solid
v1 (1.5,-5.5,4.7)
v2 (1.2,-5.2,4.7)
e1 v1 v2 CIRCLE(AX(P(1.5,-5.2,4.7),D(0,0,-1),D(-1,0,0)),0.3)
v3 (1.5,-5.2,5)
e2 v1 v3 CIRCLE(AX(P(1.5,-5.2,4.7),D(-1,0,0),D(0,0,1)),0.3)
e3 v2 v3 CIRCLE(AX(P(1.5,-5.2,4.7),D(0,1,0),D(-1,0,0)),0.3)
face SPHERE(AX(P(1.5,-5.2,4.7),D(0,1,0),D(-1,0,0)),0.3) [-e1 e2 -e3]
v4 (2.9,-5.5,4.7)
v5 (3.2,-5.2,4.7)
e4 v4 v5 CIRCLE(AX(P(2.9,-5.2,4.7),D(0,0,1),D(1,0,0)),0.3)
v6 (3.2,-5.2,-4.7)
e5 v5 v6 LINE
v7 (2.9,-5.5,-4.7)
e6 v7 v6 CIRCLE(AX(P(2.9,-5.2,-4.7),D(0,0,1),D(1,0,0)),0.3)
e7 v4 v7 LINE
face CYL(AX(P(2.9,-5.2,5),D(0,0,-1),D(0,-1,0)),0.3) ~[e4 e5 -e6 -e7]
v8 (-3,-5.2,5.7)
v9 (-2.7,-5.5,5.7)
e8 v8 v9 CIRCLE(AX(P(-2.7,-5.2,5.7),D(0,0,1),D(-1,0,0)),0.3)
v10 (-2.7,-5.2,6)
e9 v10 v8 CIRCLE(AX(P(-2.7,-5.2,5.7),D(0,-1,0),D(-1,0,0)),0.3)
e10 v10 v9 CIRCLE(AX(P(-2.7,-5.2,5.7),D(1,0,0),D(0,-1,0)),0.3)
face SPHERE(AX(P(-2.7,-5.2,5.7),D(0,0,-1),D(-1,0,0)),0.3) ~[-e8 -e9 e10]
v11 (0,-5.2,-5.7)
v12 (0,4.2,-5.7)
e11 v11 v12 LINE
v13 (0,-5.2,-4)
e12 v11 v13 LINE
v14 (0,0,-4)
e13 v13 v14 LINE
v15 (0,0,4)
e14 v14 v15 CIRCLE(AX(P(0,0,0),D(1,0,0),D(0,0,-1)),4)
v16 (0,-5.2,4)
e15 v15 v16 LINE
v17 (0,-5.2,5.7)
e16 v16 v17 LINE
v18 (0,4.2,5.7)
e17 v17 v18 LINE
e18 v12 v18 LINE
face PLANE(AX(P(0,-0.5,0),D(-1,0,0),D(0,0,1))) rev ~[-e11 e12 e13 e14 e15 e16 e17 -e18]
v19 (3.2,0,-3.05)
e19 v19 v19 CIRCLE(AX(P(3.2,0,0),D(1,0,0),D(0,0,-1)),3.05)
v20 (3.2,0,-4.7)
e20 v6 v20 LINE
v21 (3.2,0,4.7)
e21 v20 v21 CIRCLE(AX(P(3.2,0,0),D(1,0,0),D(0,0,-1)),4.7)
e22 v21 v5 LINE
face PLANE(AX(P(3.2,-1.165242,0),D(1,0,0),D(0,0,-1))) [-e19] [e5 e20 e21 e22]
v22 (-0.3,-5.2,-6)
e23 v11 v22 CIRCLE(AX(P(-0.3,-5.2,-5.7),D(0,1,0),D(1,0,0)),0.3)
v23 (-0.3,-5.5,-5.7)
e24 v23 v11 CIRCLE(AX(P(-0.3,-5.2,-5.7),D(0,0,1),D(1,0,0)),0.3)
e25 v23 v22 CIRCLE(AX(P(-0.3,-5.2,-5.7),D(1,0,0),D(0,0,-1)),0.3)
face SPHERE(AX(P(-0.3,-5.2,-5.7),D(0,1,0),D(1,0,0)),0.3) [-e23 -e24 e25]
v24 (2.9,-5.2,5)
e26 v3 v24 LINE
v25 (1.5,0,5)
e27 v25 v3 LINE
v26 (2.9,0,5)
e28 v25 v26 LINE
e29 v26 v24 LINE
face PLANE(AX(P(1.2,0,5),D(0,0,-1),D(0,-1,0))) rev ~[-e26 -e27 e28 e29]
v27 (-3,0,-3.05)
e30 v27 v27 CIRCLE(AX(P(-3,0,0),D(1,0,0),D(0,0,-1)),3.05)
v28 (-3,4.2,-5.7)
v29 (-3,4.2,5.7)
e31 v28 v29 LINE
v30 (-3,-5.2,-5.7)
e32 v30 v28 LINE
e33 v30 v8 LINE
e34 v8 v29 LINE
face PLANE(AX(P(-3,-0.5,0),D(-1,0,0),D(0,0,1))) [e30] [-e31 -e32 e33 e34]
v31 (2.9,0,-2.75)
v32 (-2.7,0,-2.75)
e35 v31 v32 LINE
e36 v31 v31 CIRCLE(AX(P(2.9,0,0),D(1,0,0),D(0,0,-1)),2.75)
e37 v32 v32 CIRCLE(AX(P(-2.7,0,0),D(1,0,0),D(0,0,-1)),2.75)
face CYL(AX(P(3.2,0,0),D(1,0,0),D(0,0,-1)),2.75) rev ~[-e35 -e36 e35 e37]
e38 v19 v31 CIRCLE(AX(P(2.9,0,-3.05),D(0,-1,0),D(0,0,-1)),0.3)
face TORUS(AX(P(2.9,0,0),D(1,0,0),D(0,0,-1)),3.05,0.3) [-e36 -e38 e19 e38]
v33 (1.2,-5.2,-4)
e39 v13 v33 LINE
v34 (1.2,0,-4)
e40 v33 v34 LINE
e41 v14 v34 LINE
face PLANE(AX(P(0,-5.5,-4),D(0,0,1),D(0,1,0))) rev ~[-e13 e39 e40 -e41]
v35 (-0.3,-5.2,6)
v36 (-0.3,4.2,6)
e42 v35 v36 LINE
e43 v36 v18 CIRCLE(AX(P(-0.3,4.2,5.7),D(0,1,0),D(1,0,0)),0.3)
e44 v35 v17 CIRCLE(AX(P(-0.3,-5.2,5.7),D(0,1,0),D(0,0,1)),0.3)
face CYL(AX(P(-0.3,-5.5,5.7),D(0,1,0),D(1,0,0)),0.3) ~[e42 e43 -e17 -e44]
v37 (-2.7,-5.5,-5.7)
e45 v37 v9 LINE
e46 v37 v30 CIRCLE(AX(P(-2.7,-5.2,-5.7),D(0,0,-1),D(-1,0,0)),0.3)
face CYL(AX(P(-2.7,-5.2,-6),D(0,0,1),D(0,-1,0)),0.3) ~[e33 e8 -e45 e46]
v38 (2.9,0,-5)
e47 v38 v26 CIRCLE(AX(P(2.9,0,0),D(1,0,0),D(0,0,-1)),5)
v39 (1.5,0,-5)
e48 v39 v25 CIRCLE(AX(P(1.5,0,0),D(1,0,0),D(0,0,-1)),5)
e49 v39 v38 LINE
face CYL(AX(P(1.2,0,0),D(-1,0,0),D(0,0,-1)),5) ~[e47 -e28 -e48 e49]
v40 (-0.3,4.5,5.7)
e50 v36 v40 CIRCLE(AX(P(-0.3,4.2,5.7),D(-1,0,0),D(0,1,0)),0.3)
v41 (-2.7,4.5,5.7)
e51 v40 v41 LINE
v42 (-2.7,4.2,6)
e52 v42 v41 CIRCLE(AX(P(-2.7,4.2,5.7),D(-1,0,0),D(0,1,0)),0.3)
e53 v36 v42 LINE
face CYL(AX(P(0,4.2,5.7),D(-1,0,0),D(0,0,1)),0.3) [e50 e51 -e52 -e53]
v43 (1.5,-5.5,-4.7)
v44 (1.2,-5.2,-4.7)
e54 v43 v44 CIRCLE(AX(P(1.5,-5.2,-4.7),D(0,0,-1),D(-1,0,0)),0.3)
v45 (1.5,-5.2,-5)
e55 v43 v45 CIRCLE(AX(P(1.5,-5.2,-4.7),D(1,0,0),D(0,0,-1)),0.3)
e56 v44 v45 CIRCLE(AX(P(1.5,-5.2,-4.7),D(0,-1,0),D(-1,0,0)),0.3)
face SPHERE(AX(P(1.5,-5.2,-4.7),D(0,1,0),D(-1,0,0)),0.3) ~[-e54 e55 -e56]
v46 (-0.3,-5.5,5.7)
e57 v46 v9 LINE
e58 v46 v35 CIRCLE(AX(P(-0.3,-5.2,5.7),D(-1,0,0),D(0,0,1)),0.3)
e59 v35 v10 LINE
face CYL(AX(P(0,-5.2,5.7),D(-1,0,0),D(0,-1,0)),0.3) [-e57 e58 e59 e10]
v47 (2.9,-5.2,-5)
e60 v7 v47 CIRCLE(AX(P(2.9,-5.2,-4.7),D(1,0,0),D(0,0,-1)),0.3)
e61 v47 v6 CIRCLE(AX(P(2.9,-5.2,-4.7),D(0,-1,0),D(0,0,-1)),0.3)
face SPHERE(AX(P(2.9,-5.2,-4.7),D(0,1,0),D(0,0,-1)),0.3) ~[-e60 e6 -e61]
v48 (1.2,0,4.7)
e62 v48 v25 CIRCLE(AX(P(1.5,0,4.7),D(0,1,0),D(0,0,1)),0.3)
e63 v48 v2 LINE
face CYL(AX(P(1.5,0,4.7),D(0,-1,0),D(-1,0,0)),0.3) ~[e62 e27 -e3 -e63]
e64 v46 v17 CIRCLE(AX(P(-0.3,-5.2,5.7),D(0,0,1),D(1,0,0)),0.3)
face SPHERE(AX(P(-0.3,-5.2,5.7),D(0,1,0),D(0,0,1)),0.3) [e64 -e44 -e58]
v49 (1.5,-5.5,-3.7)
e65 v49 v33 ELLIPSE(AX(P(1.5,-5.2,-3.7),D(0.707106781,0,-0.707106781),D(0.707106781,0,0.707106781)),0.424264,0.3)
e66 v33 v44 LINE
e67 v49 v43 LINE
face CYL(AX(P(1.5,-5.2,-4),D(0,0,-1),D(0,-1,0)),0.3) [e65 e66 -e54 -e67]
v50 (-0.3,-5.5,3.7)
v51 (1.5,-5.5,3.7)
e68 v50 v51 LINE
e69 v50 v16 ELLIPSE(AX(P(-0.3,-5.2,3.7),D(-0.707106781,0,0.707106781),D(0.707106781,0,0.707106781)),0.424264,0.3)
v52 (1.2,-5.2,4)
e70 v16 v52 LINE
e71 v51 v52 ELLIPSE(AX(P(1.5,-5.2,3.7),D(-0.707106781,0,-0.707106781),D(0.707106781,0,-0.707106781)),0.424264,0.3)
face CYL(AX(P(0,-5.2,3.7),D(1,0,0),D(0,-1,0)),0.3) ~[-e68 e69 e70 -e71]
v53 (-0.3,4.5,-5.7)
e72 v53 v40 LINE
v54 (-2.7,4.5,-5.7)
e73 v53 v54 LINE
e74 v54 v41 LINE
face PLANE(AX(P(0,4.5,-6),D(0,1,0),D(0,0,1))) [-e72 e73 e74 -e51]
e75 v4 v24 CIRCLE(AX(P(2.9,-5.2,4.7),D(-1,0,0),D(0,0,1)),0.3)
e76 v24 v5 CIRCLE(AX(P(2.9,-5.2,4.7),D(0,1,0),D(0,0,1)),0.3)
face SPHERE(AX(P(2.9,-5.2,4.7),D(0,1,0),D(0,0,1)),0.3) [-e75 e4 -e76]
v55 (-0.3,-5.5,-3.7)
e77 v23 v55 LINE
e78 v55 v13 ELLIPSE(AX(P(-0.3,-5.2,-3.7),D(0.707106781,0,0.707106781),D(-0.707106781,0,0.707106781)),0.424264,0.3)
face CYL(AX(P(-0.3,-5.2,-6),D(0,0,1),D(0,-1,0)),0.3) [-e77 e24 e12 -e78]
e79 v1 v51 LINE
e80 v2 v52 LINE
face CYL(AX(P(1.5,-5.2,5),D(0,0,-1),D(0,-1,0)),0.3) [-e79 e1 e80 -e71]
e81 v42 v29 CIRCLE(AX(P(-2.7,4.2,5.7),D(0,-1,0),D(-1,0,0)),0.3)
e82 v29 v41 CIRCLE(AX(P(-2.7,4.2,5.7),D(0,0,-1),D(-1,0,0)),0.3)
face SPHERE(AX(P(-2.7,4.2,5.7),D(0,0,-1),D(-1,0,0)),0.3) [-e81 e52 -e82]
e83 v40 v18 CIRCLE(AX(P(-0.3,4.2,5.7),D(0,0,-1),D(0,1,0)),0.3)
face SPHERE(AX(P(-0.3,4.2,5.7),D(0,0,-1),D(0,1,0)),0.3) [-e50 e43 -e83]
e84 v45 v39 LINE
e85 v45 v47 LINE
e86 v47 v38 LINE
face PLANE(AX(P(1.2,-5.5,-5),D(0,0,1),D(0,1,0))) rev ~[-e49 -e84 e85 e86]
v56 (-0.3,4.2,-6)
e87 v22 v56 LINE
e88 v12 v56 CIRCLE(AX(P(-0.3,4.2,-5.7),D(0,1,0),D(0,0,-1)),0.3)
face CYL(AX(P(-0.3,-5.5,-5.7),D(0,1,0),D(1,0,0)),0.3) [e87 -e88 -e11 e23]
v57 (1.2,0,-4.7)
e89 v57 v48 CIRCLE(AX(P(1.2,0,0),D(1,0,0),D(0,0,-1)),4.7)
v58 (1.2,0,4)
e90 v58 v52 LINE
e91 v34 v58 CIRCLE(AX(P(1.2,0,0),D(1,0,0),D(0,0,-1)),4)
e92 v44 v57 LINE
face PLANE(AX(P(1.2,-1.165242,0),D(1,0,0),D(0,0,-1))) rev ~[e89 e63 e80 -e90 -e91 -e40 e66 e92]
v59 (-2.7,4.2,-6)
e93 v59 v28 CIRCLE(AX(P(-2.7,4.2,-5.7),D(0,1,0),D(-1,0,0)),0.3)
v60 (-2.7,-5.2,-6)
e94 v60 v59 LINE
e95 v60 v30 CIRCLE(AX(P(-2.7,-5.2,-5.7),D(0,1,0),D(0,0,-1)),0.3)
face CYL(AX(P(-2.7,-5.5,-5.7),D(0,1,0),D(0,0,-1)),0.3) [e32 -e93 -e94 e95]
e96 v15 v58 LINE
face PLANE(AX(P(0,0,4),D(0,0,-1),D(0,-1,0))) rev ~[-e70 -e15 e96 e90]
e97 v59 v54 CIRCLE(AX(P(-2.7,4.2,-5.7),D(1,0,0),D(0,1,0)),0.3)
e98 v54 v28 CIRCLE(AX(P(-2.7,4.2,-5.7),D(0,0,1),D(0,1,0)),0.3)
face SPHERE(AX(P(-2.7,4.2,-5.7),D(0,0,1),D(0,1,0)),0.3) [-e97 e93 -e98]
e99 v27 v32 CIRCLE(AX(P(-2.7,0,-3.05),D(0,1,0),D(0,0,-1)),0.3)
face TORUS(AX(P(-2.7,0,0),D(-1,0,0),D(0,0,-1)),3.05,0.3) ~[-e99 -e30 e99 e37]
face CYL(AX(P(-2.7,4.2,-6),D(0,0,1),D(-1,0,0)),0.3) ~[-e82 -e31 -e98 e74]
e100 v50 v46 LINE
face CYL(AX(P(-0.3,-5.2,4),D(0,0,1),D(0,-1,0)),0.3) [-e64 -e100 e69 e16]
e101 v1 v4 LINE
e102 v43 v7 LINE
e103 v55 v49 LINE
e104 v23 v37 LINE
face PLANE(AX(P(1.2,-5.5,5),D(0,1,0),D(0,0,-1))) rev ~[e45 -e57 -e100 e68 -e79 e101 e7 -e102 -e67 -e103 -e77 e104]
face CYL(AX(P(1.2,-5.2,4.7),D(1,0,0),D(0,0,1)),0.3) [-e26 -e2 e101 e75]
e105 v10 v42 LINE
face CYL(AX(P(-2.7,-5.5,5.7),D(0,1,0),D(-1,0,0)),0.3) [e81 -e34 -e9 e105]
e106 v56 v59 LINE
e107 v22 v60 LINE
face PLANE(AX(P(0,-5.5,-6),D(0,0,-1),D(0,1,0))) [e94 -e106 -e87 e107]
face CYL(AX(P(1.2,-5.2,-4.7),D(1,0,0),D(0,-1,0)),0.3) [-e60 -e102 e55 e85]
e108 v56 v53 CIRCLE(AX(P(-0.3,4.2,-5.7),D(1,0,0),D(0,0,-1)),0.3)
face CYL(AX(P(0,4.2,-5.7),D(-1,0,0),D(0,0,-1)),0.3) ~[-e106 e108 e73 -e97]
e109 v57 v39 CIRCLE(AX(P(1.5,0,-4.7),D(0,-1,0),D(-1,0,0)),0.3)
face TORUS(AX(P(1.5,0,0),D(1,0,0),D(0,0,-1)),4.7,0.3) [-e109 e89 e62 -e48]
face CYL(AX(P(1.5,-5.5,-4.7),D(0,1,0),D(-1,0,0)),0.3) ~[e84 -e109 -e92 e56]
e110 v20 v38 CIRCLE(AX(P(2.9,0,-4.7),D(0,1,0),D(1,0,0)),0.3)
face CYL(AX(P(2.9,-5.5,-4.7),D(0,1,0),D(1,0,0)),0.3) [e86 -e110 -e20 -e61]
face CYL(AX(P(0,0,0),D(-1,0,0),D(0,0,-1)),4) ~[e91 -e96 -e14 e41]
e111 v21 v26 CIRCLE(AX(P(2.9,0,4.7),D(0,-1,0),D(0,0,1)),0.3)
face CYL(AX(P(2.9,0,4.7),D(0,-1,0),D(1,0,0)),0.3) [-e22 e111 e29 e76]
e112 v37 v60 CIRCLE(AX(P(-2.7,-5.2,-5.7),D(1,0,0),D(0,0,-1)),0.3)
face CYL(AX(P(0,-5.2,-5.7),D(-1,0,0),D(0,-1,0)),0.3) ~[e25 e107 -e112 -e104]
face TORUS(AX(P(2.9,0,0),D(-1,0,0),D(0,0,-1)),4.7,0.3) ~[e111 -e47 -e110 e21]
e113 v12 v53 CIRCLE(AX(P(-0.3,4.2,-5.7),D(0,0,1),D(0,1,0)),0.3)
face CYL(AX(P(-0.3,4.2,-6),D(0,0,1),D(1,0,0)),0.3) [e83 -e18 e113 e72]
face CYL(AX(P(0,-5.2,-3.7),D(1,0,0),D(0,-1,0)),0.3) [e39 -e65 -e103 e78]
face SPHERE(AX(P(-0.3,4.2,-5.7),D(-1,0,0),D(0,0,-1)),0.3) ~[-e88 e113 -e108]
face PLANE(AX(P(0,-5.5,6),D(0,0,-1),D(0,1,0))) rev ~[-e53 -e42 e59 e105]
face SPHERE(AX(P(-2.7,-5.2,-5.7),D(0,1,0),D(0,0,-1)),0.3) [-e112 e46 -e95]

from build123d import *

# Parameters (mm, degrees)
BOSS_EXTRUDE1_DEPTH = 1.2
SKETCH2_W           = 12
SKETCH2_H           = 10
BOSS_EXTRUDE2_DEPTH = 3
BOSS_EXTRUDE3_DEPTH = 2
CUT_EXTRUDE1_REACH  = 8.2
SKETCH4_R           = 2.75
FILLET1_R           = 0.3


with BuildPart() as part:
    # Sketch1 → Boss-Extrude1 (new body)
    with BuildSketch(Plane(origin=(0, 0, 0), x_dir=(0, 0, -1), z_dir=(1, 0, 0))):
        with BuildLine():
            Line((-4, 0), (-4, -5.5))
            Line((-4, -5.5), (4, -5.5))
            Line((4, -5.5), (4, 0))
            ThreePointArc((4, 0), (0, 4), (-4, 0))
        make_face()
    extrude(amount=BOSS_EXTRUDE1_DEPTH)

    # Sketch2 → Boss-Extrude2 (add)
    with BuildSketch(Plane.ZY):
        with Locations((0, -0.5)):
            Rectangle(SKETCH2_W, SKETCH2_H)
    extrude(amount=BOSS_EXTRUDE2_DEPTH)

    # Sketch3 → Boss-Extrude3 (add)
    with BuildSketch(Plane(origin=(1.2, 0, 0), x_dir=(0, 0, -1), z_dir=(1, 0, 0))):
        with BuildLine():
            Line((-5, 0), (-5, -5.5))
            Line((-5, -5.5), (5, -5.5))
            Line((5, -5.5), (5, 0))
            ThreePointArc((5, 0), (0, 5), (-5, 0))
        make_face()
    extrude(amount=BOSS_EXTRUDE3_DEPTH)

    # Sketch4 → Cut-Extrude1 (cut, up to next)
    with BuildSketch(Plane(origin=(3.2, 0, 0), x_dir=(0, 0, -1), z_dir=(1, 0, 0)), mode=Mode.PRIVATE) as cut_extrude1_sk1:
        Circle(SKETCH4_R)
    cut_extrude1_tool1 = extrude(cut_extrude1_sk1.sketch, amount=-CUT_EXTRUDE1_REACH, mode=Mode.PRIVATE) & part.part
    add(cut_extrude1_tool1.solids().sort_by_distance((3.2, 0, 0))[0], mode=Mode.SUBTRACT)

    # Fillet1
    fillet1_edges = [part.edges().sort_by_distance(p)[0] for p in [
        (1.2, -2.75, -5),
        (1.2, -2.75, 5),
        (3.2, -2.75, -5),
        (3.2, -2.75, 5),
        (-3, 0, 2.75),
        (-3, 4.5, 0),
        (-1.5, 4.5, -6),
        (-3, -0.5, -6),
        (0, -0.5, -6),
        (0, -5.5, -5),
        (-1.5, -5.5, -6),
        (-3, -5.5, 0),
        (-3, -0.5, 6),
        (0, 4.5, 0),
        (-1.5, 4.5, 6),
        (0, -0.5, 6),
        (-1.5, -5.5, 6),
        (0, -5.5, 5),
        (0.6, -5.5, -4),
        (1.2, -5.5, -4.5),
        (0.6, -5.5, 4),
        (1.2, -5.5, 4.5),
        (2.2, -5.5, -5),
        (2.2, -5.5, 5),
        (1.2, 5, 0),
        (3.2, 0, 2.75),
        (3.2, -5.5, 0),
        (3.2, 5, 0),
    ]]
    fillet(fillet1_edges, radius=FILLET1_R)


solid = part.part
